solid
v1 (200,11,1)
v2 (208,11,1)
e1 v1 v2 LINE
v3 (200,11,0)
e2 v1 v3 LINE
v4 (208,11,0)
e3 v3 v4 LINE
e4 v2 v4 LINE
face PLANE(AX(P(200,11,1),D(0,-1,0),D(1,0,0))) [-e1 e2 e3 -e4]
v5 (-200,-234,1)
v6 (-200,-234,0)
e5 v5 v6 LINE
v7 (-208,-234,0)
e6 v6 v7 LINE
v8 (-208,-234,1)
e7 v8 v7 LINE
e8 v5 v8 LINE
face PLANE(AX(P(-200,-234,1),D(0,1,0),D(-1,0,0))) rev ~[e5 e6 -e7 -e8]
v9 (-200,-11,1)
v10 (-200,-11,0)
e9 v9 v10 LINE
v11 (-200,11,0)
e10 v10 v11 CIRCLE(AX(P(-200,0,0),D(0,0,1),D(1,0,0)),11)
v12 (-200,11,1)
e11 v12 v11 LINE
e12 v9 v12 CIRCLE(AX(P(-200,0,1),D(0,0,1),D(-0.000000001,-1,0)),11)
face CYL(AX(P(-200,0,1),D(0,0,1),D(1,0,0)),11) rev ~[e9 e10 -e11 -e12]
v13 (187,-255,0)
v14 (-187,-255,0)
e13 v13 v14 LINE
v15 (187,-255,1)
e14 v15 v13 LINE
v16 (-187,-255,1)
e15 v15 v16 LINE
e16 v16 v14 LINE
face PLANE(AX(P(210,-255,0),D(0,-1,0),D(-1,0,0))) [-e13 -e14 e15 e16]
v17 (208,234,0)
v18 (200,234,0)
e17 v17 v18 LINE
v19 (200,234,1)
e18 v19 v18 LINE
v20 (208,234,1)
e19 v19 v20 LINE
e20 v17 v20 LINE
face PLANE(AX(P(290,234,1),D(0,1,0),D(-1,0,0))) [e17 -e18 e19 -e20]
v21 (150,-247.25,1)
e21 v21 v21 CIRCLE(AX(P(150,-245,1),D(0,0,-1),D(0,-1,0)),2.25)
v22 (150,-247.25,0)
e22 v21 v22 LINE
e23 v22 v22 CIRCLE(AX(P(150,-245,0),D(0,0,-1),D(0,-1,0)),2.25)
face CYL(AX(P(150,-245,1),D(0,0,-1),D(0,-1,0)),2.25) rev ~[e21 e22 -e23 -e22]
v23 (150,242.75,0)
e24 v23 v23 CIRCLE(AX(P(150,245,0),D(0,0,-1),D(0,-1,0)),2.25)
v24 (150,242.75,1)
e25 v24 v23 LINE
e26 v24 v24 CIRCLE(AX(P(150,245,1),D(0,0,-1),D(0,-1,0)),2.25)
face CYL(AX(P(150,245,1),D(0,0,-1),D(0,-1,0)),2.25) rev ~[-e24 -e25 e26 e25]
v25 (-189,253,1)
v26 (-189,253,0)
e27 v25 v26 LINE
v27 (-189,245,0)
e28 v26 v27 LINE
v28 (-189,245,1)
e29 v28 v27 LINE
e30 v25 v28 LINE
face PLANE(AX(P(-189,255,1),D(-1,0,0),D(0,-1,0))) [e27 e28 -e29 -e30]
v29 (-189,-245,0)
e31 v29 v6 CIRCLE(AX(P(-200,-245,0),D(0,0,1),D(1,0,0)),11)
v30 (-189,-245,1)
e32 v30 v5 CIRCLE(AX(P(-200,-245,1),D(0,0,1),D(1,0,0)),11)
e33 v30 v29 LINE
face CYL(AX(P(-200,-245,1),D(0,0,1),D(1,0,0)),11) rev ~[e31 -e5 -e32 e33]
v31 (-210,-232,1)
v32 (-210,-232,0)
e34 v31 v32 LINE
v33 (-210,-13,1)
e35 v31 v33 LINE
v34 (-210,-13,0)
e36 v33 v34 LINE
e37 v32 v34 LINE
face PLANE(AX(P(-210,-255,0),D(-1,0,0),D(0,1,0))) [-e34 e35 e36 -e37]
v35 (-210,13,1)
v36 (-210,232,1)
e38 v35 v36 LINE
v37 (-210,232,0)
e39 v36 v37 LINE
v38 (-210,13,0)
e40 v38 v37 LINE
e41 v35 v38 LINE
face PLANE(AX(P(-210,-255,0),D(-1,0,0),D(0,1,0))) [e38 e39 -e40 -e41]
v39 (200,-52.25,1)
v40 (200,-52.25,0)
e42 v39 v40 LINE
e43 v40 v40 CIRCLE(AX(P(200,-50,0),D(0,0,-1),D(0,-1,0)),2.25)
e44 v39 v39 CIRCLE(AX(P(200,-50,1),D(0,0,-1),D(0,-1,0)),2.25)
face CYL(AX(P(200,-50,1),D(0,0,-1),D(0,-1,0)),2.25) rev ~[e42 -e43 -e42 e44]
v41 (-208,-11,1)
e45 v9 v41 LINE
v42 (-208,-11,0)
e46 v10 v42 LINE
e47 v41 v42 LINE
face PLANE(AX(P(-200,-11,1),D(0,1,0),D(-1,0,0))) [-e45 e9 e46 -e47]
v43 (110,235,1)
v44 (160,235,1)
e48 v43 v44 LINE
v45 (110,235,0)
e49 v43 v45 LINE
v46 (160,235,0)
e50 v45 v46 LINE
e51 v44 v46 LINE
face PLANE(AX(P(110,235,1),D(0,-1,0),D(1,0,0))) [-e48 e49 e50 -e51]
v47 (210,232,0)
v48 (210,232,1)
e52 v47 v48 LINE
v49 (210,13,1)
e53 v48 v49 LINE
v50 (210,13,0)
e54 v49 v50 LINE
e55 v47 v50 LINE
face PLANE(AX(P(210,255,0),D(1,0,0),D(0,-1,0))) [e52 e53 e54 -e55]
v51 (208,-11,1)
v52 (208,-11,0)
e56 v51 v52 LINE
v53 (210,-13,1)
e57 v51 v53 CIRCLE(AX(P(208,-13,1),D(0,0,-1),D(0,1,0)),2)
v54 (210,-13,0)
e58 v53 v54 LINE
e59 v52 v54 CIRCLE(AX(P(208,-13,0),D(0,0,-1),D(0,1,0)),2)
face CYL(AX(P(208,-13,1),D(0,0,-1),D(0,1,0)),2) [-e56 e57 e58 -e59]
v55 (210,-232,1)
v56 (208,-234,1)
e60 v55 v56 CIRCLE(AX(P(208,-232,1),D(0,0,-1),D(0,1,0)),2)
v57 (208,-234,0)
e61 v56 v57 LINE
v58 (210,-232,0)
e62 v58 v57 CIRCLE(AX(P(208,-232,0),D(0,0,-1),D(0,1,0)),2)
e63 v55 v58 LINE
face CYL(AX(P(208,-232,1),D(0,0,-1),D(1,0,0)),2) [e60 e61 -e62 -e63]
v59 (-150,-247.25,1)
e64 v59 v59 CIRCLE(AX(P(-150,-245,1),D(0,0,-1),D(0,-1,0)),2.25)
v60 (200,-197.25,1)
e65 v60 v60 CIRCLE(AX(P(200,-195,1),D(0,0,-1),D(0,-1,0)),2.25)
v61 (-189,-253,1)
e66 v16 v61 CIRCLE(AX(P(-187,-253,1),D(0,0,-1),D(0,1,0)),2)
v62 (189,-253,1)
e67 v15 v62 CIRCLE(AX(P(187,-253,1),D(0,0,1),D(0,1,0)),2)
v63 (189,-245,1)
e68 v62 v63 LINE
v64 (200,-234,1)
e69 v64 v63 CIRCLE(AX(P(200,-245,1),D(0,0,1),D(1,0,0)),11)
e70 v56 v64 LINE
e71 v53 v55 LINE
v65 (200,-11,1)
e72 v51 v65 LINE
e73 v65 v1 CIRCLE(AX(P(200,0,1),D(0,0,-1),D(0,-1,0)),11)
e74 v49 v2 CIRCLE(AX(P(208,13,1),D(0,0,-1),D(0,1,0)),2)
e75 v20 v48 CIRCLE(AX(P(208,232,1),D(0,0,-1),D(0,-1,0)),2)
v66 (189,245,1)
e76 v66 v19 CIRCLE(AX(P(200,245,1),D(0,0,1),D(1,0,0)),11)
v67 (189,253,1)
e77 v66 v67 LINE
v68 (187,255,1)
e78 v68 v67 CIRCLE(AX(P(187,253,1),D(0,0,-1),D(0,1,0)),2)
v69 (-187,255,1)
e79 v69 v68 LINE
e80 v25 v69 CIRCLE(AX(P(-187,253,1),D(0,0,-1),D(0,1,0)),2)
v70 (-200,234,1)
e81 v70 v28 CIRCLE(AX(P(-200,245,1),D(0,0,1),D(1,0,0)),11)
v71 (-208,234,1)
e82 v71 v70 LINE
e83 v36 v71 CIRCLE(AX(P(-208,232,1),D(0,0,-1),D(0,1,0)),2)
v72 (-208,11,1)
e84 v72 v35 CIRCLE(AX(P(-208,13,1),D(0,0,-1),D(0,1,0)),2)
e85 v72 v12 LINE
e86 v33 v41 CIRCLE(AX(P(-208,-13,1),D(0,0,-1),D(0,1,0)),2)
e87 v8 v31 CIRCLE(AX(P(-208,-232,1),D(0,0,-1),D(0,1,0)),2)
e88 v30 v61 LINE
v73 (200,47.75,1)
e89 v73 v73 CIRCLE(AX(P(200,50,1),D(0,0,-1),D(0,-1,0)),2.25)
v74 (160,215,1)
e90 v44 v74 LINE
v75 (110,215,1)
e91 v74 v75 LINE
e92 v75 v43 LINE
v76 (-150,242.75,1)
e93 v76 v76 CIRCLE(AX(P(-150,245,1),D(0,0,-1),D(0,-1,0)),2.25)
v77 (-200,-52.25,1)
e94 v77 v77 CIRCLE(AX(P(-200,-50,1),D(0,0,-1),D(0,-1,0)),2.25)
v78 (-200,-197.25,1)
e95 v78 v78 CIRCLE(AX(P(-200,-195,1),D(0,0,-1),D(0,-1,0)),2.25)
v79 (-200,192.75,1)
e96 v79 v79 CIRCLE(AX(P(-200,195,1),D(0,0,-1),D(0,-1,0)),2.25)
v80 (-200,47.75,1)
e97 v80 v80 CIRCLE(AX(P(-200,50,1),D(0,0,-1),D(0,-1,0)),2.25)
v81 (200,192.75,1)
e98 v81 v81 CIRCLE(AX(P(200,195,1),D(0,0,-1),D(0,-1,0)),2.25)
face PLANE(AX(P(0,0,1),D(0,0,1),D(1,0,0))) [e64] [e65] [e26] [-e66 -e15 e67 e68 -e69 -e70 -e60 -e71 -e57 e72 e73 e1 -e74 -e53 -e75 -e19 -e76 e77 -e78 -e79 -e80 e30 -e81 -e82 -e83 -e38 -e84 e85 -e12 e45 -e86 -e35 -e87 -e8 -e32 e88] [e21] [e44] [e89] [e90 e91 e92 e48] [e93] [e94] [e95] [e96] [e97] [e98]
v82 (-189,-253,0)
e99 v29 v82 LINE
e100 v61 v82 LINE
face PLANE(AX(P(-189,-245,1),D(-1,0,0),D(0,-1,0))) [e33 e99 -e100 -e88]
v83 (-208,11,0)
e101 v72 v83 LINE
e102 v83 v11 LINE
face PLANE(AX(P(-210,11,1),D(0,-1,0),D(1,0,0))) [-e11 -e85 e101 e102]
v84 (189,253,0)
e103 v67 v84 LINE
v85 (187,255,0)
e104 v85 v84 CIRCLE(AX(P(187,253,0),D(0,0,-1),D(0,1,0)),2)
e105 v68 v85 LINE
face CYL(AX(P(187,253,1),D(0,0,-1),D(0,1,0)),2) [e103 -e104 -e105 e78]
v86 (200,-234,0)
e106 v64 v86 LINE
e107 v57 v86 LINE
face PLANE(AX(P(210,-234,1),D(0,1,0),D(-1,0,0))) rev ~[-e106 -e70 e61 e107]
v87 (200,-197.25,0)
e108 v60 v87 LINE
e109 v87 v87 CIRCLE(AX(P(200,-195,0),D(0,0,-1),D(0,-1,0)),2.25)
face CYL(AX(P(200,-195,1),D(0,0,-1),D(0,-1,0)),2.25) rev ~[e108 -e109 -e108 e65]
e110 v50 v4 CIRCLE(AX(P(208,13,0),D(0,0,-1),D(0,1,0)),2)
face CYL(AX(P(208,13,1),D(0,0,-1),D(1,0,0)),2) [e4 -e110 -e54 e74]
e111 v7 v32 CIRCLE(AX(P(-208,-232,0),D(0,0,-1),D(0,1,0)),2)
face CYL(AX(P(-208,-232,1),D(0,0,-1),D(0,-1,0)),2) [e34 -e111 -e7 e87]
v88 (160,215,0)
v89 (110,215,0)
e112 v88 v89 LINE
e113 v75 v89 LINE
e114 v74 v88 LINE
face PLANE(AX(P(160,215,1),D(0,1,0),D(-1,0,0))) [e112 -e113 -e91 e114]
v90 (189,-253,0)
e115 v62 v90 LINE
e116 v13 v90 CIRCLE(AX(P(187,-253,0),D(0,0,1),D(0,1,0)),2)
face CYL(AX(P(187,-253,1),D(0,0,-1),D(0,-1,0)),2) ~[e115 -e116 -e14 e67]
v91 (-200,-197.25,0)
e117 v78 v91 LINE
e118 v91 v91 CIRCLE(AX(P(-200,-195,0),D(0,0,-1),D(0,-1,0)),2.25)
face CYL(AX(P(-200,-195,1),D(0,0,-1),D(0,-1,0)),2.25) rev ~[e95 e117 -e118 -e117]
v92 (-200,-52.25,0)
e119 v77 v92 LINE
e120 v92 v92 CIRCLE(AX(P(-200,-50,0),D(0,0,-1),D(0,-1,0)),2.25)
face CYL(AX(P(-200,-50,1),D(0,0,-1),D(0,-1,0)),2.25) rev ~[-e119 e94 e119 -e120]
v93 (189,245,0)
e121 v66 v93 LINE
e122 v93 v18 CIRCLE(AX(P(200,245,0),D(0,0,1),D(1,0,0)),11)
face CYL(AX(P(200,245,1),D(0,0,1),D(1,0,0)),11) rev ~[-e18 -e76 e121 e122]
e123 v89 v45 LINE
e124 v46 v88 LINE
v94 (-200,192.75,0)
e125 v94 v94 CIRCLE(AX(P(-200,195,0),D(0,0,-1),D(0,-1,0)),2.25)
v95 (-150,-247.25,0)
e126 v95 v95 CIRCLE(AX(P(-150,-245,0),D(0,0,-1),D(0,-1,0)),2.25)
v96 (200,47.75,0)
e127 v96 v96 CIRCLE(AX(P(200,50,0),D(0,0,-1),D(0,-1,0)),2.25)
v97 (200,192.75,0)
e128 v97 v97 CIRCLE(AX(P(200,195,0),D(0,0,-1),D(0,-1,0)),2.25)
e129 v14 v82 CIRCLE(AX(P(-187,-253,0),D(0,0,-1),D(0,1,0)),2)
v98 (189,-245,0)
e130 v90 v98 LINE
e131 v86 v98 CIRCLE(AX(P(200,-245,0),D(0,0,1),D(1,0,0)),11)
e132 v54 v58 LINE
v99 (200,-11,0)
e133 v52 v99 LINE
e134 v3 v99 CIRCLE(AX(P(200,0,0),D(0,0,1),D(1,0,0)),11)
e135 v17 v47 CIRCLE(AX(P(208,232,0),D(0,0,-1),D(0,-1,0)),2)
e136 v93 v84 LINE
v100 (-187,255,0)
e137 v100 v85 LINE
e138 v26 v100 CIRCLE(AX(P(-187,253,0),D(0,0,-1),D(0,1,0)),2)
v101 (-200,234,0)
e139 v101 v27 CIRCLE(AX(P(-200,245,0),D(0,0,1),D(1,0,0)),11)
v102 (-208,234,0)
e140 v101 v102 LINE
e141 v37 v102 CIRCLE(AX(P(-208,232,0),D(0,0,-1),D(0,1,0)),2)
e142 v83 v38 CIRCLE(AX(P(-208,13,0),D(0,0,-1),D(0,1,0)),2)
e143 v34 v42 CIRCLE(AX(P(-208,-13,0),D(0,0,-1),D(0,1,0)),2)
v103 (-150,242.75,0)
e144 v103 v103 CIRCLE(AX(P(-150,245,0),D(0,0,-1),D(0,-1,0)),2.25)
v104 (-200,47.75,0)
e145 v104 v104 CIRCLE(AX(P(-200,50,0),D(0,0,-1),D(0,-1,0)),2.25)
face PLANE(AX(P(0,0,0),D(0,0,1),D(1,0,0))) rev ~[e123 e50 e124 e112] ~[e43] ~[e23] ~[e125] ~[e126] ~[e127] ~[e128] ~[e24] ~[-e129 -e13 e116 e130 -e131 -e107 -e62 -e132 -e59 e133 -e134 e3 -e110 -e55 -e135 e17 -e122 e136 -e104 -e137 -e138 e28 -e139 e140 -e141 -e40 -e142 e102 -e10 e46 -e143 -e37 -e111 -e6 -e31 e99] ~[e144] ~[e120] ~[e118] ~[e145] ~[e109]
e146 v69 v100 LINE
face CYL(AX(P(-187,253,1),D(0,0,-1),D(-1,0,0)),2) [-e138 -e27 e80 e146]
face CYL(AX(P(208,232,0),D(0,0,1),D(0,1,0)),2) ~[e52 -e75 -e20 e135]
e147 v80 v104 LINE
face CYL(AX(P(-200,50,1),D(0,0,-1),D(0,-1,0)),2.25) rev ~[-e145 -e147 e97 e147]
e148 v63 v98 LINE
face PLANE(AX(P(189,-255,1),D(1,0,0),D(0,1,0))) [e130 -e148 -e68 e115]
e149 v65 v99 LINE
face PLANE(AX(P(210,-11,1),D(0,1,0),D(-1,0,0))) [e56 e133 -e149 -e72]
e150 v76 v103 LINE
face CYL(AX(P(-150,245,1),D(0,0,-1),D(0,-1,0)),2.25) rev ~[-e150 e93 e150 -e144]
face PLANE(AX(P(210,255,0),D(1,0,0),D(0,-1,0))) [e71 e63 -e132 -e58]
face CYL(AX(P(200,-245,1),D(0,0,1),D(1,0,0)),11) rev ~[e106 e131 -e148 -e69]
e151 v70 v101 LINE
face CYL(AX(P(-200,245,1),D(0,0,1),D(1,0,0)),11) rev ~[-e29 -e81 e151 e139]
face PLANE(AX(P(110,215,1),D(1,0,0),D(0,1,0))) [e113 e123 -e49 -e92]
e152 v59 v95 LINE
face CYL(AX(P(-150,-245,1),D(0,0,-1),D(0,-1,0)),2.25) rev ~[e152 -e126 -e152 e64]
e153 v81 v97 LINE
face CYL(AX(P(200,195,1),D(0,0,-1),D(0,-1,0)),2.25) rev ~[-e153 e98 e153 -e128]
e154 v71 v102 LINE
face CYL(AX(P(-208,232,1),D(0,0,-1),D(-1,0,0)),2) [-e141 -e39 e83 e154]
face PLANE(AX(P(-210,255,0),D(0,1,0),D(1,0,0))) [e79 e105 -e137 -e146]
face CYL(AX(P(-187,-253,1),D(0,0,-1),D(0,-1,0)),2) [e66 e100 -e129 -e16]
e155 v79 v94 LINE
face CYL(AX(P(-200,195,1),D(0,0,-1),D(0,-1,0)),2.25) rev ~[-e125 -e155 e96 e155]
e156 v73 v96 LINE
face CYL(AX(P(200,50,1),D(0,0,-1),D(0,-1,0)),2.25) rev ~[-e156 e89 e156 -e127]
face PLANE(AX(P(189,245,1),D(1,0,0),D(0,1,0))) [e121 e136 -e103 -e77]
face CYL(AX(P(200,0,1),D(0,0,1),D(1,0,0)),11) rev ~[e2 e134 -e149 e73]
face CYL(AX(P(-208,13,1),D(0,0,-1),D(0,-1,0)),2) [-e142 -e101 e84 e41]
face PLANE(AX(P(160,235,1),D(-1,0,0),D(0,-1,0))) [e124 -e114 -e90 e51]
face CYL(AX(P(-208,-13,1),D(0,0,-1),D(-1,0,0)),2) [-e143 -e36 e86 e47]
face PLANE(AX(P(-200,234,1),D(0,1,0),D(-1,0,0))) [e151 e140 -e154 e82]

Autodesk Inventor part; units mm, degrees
ref_plane "YZ Plane" through (0, 0, 0) normal (1, 0, 0) x (0, 1, 0)
ref_plane "XZ Plane" through (0, 0, 0) normal (0, 1, 0) x (-1, 0, 0)
ref_plane "XY Plane" through (0, 0, 0) normal (0, 0, 1) x (1, 0, 0)
sketch "スケッチ1" plane through (0, 0, 0) normal (0, 0, 1) x (1, 0, 0)
  line L0 (210, -255) -> (-210, -255)
  line L1 (-210, -255) -> (-210, 255)
  line L2 (-210, 255) -> (210, 255)
  line L3 (210, 255) -> (210, -255)
  line L4 (210, -255) -> (-210, 255) construction
  line L5 (-210, -255) -> (210, 255) construction
  point P0 (0, 0)
  dimension "d0" = 510
  dimension "d1" = 420
extrude "プレート1" add sketch "スケッチ1" along normal blind 1
sketch "スケッチ2" plane through (0, 0, 1) normal (0, 0, 1) x (1, 0, 0)
  line L0 (-210, -255) -> (-210, 255) projected
  line L1 (210, -255) -> (-210, -255) projected
  line L2 (210, 255) -> (210, -255) projected
  line L3 (-210, 255) -> (210, 255) projected
  line L4 (189, 234) -> (189, -234)
  line L5 (189, -234) -> (-189, -234)
  line L6 (-189, -234) -> (-189, 234)
  line L7 (-189, 234) -> (189, 234)
  line L8 (200, 245) -> (200, -245)
  line L9 (200, -245) -> (-200, -245)
  line L10 (-200, -245) -> (-200, 245)
  line L11 (-200, 245) -> (200, 245)
  circle A0 centre (-200, 245) radius 11
  circle A1 centre (-200, -245) radius 11
  circle A2 centre (200, -245) radius 11
  circle A3 centre (200, 245) radius 11
  circle A4 centre (-200, 0) radius 11
  circle A5 centre (200, 0) radius 11
  line L12 (-296, 11) -> (393, 11)
  line L13 (393, 11) -> (393, -11)
  line L14 (393, -11) -> (-296, -11)
  line L15 (-296, -11) -> (-296, 11)
  line L16 (-292, 336) -> (-189, 336)
  line L17 (-189, 336) -> (-189, -344)
  line L18 (-189, -344) -> (-292, -344)
  line L19 (-292, -344) -> (-292, 336)
  line L20 (354, -311) -> (189, -311)
  line L21 (189, -311) -> (189, 377)
  line L22 (189, 377) -> (354, 377)
  line L23 (354, 377) -> (354, -311)
  line L24 (-371, 292) -> (290, 292)
  line L25 (290, 292) -> (290, 234)
  line L26 (290, 234) -> (-371, 234)
  line L27 (-371, 234) -> (-371, 292)
  line L28 (-371, -325) -> (335, -325)
  line L29 (335, -325) -> (335, -234)
  line L30 (335, -234) -> (-371, -234)
  line L31 (-371, -234) -> (-371, -325)
  point P0 (0, 0)
  point P1 (200, 11)
  point P2 (200, -11)
  point P3 (210, -11)
  point P4 (210, 11)
  point P5 (210, -234)
  point P6 (200, -234)
  point P7 (189, -245)
  point P8 (189, -255)
  point P9 (-189, -245)
  point P10 (-200, -234)
  point P11 (-210, -234)
  point P12 (-189, -255)
  point P13 (-200, 11)
  point P14 (-210, 11)
  point P15 (-210, -11)
  point P16 (-200, -11)
  point P17 (-210, 234)
  point P18 (-200, 234)
  point P19 (-189, 245)
  point P20 (-189, 255)
  point P21 (189, 245)
  point P22 (200, 234)
  point P23 (210, 234)
  point P24 (189, 255)
  point P25 (210, 249.5826)
  point P26 (195.4174, 255)
  point P27 (-189, 245)
  point P28 (189, 245)
  point P29 (200, 234)
  point P30 (200, 234)
  point P31 (204.5826, 255)
  dimension "d3" = 21
  dimension "d4" = 10
  dimension "d5" = 22
  dimension "d6" = 22
  dimension "d7" = 22
  dimension "d8" = 22
  dimension "d9" = 22
  dimension "d10" = 22
extrude "押し出し1" cut sketch "スケッチ2" against normal blind 10 contours L0 A1 L1 | L0 A1 L10 L9 L1 | L0 L30 A1 | A1 L17 L1 | A1 L9 L10 | L0 A4 L14 | A4 L0 L10 | L10 A4 | L21 A2 L1 | A2 L8 L9 | L9 L8 A2 L2 L1 | A4 L0 L12 | L30 L2 A2 | A0 L0 L3 L11 L10 | L26 L0 A0 | L10 L11 A0 | A2 L2 L1 | A5 L8 | L8 A5 L2 | A5 L2 L14 | L26 L27 L24 L19 | L19 L24 L17 L3 A0 L0 L26 | A0 L0 | A0 L3 L17 | L12 L2 A5 | L0 L3 A0 | A3 L3 L2 L8 L11 | L21 L3 A3 | L11 L8 A3 | L3 A0 | L17 L24 L21 L3 | A3 L2 L26 | A3 L3 | L3 L21 L24 L25 L26 L2 A3 | L2 A3 | L3 L2 A3
fillet "フィレット1" radius 2 12 edges at (-210, 11, 0.5) (-210, -11, 0.5) (-210, 234, 0.5) (-189, 255, 0.5) (189, 255, 0.5) (210, 234, 0.5) (210, 11, 0.5) (210, -11, 0.5) (210, -234, 0.5) (189, -255, 0.5) (-210, -234, 0.5) (-189, -255, 0.5)
sketch "スケッチ3" plane through (0, 0, 1) normal (0, 0, 1) x (1, 0, 0)
  arc A0 (-189, -253) -> (-187, -255) centre (-187, -253) ccw projected
  line L0 (187, -255) -> (-187, -255) projected
  arc A1 (187, -255) -> (189, -253) centre (187, -253) ccw projected
  line L1 (189, -253) -> (189, -245) projected
  arc A2 (200, -234) -> (189, -245) centre (200, -245) ccw projected
  line L2 (200, -234) -> (208, -234) projected
  arc A3 (208, -234) -> (210, -232) centre (208, -232) ccw projected
  line L3 (210, -13) -> (210, -232) projected
  arc A4 (210, -13) -> (208, -11) centre (208, -13) ccw projected
  line L4 (208, -11) -> (200, -11) projected
  arc A5 (200, 11) -> (200, -11) centre (200, 0) ccw projected
  line L5 (200, 11) -> (208, 11) projected
  arc A6 (208, 11) -> (210, 13) centre (208, 13) ccw projected
  line L6 (210, 232) -> (210, 13) projected
  arc A7 (210, 232) -> (208, 234) centre (208, 232) ccw projected
  line L7 (208, 234) -> (200, 234) projected
  arc A8 (189, 245) -> (200, 234) centre (200, 245) ccw projected
  line L8 (189, 245) -> (189, 253) projected
  arc A9 (189, 253) -> (187, 255) centre (187, 253) ccw projected
  line L9 (-187, 255) -> (187, 255) projected
  arc A10 (-187, 255) -> (-189, 253) centre (-187, 253) ccw projected
  line L10 (-189, 253) -> (-189, 245) projected
  arc A11 (-200, 234) -> (-189, 245) centre (-200, 245) ccw projected
  line L11 (-200, 234) -> (-208, 234) projected
  arc A12 (-208, 234) -> (-210, 232) centre (-208, 232) ccw projected
  line L12 (-210, 13) -> (-210, 232) projected
  arc A13 (-210, 13) -> (-208, 11) centre (-208, 13) ccw projected
  line L13 (-208, 11) -> (-200, 11) projected
  arc A14 (-200, -11) -> (-200, 11) centre (-200, 0) ccw projected
  line L14 (-200, -11) -> (-208, -11) projected
  arc A15 (-208, -11) -> (-210, -13) centre (-208, -13) ccw projected
  line L15 (-210, -232) -> (-210, -13) projected
  arc A16 (-210, -232) -> (-208, -234) centre (-208, -232) ccw projected
  line L16 (-208, -234) -> (-200, -234) projected
  arc A17 (-189, -245) -> (-200, -234) centre (-200, -245) ccw projected
  line L17 (-189, -245) -> (-189, -253) projected
  line L18 (200, -245) -> (-200, -245)
  line L19 (-200, -245) -> (-200, 245)
  line L20 (-200, 245) -> (200, 245)
  line L21 (200, 245) -> (200, -245)
  line L22 (200, -245) -> (-200, 245) construction
  line L23 (-200, -245) -> (200, 245) construction
  point P0 (0, 0)
  point P1 (-150, 245)
  point P2 (150, 245)
  point P3 (-200, 195)
  point P4 (-200, 50)
  point P5 (200, 50)
  point P6 (200, 195)
  point P7 (200, -195)
  point P8 (200, -50)
  point P9 (150, -245)
  point P10 (-150, -245)
  point P11 (-200, -195)
  point P12 (-200, -50)
  dimension "d14" = 10
  dimension "d15" = 10
  dimension "d16" = 150
  dimension "d17" = 300
  dimension "d18" = 145
  dimension "d19" = 50
  dimension "d20" = 145
  dimension "d21" = 50
hole "穴1" at (-150, 245, 1) at (150, 245, 1) at (-200, 195, 1) at (-200, 50, 1) at (200, 50, 1) at (200, 195, 1) at (200, -195, 1) at (200, -50, 1) at (150, -245, 1) at (-150, -245, 1) at (-200, -195, 1) at (-200, -50, 1) direction (0, 0, -1) diameter 4.5 depth 1 tip angle 118
sketch "スケッチ4" plane through (0, 0, 1) normal (0, 0, 1) x (1, 0, 0)
  line L0 (190, -235) -> (-190, -235)
  line L1 (-190, -235) -> (-190, 235)
  line L2 (-190, 235) -> (190, 235)
  line L3 (190, 235) -> (190, -235)
  line L4 (190, -235) -> (-190, 235) construction
  line L5 (-190, -235) -> (190, 235) construction
  line L6 (-187, 255) -> (187, 255) projected
  line L7 (-210, 13) -> (-210, 232) projected
  line L8 (110, 235) -> (160, 235)
  line L9 (160, 235) -> (160, 215)
  line L10 (160, 215) -> (110, 215)
  line L11 (110, 215) -> (110, 235)
  point P0 (0, 0)
  point P1 (135, 215)
  point P2 (160, 235)
  dimension "d29" = 20
  dimension "d30" = 20
  dimension "d31" = 20
  dimension "d32" = 50
  dimension "d33" = 135
extrude "押し出し2" cut sketch "スケッチ4" against normal blind 10 contours L9 L10 L11 L2
equation "\"d27\" = Thickness"
equation "\"d2\" = Thickness"
equation "\"BendRadius\" = Thickness"
equation "\"BendReliefWidth\" = Thickness"
equation "\"BendReliefDepth\" = 0.5 * Thickness"
equation "\"CornerReliefSize\" = 4 * Thickness"
equation "\"MinimumRemnant\" = 2 * Thickness"
equation "\"TransitionRadius\" = BendRadius"
equation "\"JacobiRadiusSize\" = BendRadius"
equation "\"GapSize\" = Thickness"
equation "\"Thickness\" = 1"
properties part number "Bottom_Plate"
